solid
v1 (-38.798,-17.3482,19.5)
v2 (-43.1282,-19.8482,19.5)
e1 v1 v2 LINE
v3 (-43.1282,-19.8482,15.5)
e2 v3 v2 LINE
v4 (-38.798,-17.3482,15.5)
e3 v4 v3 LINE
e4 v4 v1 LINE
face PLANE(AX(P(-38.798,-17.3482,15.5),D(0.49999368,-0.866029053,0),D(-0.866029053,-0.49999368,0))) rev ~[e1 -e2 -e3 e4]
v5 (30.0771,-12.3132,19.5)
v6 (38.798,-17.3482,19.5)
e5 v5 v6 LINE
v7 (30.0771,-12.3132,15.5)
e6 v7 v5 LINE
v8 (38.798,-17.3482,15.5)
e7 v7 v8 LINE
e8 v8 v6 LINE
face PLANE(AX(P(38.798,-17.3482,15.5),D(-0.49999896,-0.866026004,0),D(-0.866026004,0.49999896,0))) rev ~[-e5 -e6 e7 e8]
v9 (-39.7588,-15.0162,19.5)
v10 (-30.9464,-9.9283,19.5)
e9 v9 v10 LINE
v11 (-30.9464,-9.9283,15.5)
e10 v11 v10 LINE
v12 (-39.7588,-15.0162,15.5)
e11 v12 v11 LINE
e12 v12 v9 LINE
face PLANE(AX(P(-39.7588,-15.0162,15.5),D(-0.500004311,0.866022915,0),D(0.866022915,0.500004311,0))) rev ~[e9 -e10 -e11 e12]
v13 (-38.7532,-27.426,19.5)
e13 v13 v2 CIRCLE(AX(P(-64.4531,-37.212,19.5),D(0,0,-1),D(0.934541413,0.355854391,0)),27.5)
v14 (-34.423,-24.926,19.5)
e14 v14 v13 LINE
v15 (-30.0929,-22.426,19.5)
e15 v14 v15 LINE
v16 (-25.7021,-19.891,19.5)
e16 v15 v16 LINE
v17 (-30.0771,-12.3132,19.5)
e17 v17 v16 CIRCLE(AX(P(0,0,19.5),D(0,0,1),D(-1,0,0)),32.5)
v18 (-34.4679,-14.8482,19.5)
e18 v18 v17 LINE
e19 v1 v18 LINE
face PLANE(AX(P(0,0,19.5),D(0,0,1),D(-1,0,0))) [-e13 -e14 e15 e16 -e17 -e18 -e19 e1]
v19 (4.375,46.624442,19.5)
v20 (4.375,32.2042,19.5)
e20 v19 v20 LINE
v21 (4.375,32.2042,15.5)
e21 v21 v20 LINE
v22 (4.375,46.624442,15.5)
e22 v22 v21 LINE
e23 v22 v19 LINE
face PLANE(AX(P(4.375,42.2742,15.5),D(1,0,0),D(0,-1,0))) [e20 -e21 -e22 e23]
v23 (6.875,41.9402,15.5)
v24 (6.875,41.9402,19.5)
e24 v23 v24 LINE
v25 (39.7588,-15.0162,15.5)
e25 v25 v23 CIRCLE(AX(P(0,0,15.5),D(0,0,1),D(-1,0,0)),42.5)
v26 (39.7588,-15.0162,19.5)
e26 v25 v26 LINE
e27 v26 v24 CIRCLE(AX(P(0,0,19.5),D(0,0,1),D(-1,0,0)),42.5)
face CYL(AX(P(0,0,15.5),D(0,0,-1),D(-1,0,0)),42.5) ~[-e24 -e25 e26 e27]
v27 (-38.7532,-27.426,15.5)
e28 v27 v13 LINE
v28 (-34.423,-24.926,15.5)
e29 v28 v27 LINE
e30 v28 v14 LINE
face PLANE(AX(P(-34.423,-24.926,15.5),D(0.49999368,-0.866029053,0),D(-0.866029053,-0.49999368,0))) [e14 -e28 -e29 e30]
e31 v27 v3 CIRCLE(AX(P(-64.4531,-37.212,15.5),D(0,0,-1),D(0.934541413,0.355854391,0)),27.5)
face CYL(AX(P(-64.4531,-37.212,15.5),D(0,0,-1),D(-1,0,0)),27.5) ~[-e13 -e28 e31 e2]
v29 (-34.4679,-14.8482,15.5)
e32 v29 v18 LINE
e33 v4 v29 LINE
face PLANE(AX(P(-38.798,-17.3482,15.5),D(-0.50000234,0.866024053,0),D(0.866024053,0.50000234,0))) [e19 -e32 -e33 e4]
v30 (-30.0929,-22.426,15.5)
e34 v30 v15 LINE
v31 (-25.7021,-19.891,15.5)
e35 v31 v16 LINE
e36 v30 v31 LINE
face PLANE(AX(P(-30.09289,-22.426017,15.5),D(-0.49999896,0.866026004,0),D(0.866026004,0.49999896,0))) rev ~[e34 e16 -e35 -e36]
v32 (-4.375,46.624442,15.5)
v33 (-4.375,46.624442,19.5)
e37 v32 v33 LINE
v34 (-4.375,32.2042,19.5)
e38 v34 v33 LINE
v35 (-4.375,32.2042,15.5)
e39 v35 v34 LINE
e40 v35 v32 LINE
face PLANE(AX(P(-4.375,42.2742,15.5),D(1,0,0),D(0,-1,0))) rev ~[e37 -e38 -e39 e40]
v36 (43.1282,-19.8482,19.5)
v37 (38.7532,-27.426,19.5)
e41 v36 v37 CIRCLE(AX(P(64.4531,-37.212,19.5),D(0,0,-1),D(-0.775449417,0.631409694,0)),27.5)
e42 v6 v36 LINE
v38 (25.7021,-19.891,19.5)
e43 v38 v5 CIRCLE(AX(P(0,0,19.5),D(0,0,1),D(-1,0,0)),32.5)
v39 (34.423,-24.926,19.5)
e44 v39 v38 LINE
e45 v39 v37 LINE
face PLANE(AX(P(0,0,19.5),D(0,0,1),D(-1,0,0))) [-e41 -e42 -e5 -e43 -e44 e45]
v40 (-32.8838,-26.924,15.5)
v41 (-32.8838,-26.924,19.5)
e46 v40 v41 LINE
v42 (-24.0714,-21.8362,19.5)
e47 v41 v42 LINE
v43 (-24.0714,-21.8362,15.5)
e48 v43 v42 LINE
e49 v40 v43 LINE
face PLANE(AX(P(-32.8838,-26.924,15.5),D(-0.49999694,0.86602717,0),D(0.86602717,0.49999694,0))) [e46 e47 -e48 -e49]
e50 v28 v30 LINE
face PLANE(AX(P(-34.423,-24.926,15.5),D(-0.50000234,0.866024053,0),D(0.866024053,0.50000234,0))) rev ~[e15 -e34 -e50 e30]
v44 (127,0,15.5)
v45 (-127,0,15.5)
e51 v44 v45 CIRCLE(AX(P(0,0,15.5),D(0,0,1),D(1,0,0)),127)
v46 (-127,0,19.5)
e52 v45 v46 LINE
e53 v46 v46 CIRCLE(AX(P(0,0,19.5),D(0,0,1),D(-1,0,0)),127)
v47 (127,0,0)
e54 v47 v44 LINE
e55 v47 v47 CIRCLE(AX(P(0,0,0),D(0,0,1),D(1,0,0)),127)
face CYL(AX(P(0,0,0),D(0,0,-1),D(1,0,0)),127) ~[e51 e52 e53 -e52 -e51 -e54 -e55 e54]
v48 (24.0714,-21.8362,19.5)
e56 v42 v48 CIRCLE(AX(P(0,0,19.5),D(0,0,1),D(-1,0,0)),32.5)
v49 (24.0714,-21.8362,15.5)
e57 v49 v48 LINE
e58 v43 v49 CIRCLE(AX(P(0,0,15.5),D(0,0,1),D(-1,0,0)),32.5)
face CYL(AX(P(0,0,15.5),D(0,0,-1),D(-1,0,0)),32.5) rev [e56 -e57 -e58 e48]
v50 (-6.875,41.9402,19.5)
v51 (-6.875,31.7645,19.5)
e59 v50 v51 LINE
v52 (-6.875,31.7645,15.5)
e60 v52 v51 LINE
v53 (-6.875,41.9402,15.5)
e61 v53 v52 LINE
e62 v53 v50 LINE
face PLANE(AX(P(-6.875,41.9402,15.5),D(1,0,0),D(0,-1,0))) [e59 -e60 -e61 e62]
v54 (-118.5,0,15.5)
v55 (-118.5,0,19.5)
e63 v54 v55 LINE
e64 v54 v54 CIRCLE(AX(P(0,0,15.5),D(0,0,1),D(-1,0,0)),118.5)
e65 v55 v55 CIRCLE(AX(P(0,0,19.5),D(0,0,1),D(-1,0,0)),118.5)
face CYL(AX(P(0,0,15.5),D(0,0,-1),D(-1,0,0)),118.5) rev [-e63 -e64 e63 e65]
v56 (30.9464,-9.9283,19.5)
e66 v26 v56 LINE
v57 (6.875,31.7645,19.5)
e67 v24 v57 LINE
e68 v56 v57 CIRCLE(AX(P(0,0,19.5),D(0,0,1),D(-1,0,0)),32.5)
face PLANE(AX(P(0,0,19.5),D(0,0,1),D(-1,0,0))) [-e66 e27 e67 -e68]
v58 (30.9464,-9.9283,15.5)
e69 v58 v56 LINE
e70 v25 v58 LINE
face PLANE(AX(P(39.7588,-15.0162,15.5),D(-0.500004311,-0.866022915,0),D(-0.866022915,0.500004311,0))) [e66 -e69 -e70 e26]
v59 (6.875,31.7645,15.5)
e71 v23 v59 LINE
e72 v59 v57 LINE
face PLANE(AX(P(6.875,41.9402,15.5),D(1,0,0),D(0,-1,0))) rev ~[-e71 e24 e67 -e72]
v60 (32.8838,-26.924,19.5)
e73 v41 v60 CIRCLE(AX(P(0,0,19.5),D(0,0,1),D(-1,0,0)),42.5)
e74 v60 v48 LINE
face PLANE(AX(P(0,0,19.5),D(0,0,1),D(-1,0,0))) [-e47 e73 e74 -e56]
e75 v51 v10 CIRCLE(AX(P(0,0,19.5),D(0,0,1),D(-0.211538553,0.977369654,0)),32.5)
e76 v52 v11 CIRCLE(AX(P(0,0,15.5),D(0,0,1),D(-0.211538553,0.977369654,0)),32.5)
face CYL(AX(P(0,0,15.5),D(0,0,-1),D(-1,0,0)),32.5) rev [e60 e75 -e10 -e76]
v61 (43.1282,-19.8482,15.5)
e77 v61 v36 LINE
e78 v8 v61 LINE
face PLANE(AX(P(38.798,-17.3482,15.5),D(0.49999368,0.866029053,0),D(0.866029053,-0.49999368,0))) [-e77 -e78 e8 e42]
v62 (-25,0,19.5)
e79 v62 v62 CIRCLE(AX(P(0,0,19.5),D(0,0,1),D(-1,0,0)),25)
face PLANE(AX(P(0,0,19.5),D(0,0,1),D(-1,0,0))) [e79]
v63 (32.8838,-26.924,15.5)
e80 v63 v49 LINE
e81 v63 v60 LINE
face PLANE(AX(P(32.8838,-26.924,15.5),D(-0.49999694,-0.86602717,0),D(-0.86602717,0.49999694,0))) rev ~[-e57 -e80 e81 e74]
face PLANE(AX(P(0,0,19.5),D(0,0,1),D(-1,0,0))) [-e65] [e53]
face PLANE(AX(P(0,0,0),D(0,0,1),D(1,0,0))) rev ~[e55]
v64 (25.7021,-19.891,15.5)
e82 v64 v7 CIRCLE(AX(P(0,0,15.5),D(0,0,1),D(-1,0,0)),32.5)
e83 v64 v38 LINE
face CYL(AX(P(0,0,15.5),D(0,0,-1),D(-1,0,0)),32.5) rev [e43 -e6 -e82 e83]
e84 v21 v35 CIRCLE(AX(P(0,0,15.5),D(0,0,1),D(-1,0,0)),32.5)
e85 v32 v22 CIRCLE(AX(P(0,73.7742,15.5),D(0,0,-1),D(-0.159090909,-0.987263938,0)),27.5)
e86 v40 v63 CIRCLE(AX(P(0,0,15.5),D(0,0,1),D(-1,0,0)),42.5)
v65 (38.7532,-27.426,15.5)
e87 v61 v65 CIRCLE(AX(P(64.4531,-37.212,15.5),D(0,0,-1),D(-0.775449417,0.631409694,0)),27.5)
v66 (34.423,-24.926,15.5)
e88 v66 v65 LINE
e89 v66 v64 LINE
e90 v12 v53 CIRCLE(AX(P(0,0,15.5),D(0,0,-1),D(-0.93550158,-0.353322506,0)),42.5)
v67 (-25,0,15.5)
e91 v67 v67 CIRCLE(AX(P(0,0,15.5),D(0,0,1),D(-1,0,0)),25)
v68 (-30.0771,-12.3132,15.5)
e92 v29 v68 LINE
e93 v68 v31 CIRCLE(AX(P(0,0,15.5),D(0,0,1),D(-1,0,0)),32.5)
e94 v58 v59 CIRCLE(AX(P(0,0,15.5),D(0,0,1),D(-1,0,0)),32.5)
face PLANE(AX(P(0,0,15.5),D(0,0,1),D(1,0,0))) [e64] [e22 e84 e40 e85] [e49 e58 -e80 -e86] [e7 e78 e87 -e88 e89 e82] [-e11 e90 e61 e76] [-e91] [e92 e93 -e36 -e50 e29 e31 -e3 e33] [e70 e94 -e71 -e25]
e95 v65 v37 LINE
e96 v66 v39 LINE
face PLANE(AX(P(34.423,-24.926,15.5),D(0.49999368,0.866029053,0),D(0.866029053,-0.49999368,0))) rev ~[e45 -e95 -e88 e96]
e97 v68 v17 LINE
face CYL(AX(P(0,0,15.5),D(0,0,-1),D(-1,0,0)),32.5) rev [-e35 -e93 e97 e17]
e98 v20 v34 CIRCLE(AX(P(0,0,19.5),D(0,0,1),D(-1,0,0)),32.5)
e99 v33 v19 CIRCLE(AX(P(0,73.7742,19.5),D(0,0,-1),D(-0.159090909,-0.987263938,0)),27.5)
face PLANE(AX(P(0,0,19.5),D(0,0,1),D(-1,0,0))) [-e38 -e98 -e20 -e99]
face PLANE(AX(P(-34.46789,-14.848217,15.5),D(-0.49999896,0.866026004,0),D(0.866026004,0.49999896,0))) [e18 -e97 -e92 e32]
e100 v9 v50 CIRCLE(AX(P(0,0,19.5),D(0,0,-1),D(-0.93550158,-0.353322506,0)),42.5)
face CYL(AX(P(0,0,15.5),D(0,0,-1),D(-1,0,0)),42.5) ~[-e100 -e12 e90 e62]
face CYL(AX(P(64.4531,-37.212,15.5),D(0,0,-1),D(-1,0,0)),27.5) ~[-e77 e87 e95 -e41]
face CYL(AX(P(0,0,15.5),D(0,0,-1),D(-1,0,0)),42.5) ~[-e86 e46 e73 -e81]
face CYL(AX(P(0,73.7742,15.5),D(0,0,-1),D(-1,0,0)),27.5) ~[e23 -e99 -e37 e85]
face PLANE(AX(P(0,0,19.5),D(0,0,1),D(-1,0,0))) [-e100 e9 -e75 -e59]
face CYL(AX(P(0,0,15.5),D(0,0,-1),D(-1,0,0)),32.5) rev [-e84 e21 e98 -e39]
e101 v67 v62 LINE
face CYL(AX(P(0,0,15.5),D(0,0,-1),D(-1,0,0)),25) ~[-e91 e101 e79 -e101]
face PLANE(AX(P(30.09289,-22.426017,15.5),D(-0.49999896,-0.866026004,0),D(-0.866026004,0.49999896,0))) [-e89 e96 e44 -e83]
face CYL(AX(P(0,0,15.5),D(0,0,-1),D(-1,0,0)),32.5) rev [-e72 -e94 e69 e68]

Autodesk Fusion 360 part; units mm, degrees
sketch "Sketch1" plane through (0, 0, 0) normal (0, 0, 1) x (1, 0, 0)
  circle A0 centre (0, 0) radius 127
  dimension "d1" = 254
extrude "Extrude1" add sketch "Sketch1" along normal blind 15.5
sketch "Sketch3" plane through (0, 0, 15.5) normal (0, 0, 1) x (-1, 0, 0)
  circle A0 centre (0, 0) radius 127
  circle A1 centre (0, 0) radius 25
  circle A2 centre (0, 0) radius 32.5
  circle A3 centre (0, 0) radius 42.5
  line L0 (4.375, -42.2742) -> (-4.375, -42.2742) construction
  line L1 (-4.375, -42.2742) -> (-4.375, -47.2742)
  line L2 (4.375, -42.2742) -> (4.375, -47.2742)
  line L3 (-4.375, -47.2742) -> (4.375, -47.2742) construction
  line L4 (0, -47.2742) -> (0, -73.7742) construction
  circle A4 centre (0, -73.7742) radius 27.5
  line L5 (-4.375, -42.2742) -> (-4.375, -32.2042)
  line L6 (4.375, -42.2742) -> (4.375, -32.2042)
  line L7 (-6.875, -41.9402) -> (-6.875, -31.7645)
  line L8 (-6.875, -41.9402) -> (6.875, -41.9402) construction
  line L9 (6.875, -41.9402) -> (6.875, -31.7645)
  line L10 (-34.423, 24.926) -> (-38.798, 17.3482) construction
  line L11 (-36.6105, 21.1371) -> (0, -42.2742) construction
  line L12 (34.423, 24.926) -> (38.798, 17.3482) construction
  line L13 (36.6105, 21.1371) -> (0, -42.2742) construction
  line L14 (-36.6105, 21.1371) -> (36.6105, 21.1371) construction
  line L15 (-38.798, 17.3482) -> (-30.0771, 12.3132)
  line L16 (-34.423, 24.926) -> (-25.7021, 19.891)
  line L17 (-34.423, 24.926) -> (-30.0929, 22.426)
  line L18 (-38.798, 17.3482) -> (-34.4679, 14.8482)
  circle A5 centre (-64.4531, 37.212) radius 27.5
  line L19 (-39.7588, 15.0162) -> (-32.8838, 26.924) construction
  line L20 (-39.7588, 15.0162) -> (-30.9464, 9.9283)
  line L21 (-32.8838, 26.924) -> (-24.0714, 21.8362)
  line L22 (34.423, 24.926) -> (30.0929, 22.426)
  line L23 (38.798, 17.3482) -> (34.4679, 14.8482)
  circle A6 centre (64.4531, 37.212) radius 27.5
  line L24 (34.423, 24.926) -> (25.7021, 19.891)
  line L25 (38.798, 17.3482) -> (30.0771, 12.3132)
  line L26 (32.8838, 26.924) -> (39.7588, 15.0162) construction
  line L27 (32.8838, 26.924) -> (24.0714, 21.8362)
  line L28 (39.7588, 15.0162) -> (30.9464, 9.9283)
  circle A7 centre (0, 0) radius 118.5
  line L29 (-38.798, 17.3482) -> (-43.1282, 19.8482)
  line L30 (-34.423, 24.926) -> (-38.7532, 27.426)
  line L31 (34.423, 24.926) -> (38.7532, 27.426)
  line L32 (38.798, 17.3482) -> (43.1282, 19.8482)
  line L33 (-43.1282, 19.8482) -> (-38.7532, 27.426) construction
  line L34 (38.7532, 27.426) -> (43.1282, 19.8482) construction
  dimension "d19" = 50
  dimension "d20" = 7.5
  dimension "d21" = 17.5
  dimension "d22" = 8.75
  dimension "d23" = 5
  dimension "d24" = 26.5
  dimension "d25" = 55
  dimension "d26" = 13.75
  dimension "d32" = 237
  dimension "d33" = 5
  dimension "d35" = 5
extrude "Extrude3" add sketch "Sketch3" along normal blind 4 contours A0 | A1 | A2 A3 L9 L28 | A2 A3 L22 L23 L24 L25 | A2 A3 L5 L6 | A3 A6 L31 L32 | A3 L1 L2 A4 | A2 A3 L21 L27 | A6 | A2 A3 L7 L20 | A4 | A2 A3 L15 L16 L17 L18 | A3 A5 L29 L30 | A5
